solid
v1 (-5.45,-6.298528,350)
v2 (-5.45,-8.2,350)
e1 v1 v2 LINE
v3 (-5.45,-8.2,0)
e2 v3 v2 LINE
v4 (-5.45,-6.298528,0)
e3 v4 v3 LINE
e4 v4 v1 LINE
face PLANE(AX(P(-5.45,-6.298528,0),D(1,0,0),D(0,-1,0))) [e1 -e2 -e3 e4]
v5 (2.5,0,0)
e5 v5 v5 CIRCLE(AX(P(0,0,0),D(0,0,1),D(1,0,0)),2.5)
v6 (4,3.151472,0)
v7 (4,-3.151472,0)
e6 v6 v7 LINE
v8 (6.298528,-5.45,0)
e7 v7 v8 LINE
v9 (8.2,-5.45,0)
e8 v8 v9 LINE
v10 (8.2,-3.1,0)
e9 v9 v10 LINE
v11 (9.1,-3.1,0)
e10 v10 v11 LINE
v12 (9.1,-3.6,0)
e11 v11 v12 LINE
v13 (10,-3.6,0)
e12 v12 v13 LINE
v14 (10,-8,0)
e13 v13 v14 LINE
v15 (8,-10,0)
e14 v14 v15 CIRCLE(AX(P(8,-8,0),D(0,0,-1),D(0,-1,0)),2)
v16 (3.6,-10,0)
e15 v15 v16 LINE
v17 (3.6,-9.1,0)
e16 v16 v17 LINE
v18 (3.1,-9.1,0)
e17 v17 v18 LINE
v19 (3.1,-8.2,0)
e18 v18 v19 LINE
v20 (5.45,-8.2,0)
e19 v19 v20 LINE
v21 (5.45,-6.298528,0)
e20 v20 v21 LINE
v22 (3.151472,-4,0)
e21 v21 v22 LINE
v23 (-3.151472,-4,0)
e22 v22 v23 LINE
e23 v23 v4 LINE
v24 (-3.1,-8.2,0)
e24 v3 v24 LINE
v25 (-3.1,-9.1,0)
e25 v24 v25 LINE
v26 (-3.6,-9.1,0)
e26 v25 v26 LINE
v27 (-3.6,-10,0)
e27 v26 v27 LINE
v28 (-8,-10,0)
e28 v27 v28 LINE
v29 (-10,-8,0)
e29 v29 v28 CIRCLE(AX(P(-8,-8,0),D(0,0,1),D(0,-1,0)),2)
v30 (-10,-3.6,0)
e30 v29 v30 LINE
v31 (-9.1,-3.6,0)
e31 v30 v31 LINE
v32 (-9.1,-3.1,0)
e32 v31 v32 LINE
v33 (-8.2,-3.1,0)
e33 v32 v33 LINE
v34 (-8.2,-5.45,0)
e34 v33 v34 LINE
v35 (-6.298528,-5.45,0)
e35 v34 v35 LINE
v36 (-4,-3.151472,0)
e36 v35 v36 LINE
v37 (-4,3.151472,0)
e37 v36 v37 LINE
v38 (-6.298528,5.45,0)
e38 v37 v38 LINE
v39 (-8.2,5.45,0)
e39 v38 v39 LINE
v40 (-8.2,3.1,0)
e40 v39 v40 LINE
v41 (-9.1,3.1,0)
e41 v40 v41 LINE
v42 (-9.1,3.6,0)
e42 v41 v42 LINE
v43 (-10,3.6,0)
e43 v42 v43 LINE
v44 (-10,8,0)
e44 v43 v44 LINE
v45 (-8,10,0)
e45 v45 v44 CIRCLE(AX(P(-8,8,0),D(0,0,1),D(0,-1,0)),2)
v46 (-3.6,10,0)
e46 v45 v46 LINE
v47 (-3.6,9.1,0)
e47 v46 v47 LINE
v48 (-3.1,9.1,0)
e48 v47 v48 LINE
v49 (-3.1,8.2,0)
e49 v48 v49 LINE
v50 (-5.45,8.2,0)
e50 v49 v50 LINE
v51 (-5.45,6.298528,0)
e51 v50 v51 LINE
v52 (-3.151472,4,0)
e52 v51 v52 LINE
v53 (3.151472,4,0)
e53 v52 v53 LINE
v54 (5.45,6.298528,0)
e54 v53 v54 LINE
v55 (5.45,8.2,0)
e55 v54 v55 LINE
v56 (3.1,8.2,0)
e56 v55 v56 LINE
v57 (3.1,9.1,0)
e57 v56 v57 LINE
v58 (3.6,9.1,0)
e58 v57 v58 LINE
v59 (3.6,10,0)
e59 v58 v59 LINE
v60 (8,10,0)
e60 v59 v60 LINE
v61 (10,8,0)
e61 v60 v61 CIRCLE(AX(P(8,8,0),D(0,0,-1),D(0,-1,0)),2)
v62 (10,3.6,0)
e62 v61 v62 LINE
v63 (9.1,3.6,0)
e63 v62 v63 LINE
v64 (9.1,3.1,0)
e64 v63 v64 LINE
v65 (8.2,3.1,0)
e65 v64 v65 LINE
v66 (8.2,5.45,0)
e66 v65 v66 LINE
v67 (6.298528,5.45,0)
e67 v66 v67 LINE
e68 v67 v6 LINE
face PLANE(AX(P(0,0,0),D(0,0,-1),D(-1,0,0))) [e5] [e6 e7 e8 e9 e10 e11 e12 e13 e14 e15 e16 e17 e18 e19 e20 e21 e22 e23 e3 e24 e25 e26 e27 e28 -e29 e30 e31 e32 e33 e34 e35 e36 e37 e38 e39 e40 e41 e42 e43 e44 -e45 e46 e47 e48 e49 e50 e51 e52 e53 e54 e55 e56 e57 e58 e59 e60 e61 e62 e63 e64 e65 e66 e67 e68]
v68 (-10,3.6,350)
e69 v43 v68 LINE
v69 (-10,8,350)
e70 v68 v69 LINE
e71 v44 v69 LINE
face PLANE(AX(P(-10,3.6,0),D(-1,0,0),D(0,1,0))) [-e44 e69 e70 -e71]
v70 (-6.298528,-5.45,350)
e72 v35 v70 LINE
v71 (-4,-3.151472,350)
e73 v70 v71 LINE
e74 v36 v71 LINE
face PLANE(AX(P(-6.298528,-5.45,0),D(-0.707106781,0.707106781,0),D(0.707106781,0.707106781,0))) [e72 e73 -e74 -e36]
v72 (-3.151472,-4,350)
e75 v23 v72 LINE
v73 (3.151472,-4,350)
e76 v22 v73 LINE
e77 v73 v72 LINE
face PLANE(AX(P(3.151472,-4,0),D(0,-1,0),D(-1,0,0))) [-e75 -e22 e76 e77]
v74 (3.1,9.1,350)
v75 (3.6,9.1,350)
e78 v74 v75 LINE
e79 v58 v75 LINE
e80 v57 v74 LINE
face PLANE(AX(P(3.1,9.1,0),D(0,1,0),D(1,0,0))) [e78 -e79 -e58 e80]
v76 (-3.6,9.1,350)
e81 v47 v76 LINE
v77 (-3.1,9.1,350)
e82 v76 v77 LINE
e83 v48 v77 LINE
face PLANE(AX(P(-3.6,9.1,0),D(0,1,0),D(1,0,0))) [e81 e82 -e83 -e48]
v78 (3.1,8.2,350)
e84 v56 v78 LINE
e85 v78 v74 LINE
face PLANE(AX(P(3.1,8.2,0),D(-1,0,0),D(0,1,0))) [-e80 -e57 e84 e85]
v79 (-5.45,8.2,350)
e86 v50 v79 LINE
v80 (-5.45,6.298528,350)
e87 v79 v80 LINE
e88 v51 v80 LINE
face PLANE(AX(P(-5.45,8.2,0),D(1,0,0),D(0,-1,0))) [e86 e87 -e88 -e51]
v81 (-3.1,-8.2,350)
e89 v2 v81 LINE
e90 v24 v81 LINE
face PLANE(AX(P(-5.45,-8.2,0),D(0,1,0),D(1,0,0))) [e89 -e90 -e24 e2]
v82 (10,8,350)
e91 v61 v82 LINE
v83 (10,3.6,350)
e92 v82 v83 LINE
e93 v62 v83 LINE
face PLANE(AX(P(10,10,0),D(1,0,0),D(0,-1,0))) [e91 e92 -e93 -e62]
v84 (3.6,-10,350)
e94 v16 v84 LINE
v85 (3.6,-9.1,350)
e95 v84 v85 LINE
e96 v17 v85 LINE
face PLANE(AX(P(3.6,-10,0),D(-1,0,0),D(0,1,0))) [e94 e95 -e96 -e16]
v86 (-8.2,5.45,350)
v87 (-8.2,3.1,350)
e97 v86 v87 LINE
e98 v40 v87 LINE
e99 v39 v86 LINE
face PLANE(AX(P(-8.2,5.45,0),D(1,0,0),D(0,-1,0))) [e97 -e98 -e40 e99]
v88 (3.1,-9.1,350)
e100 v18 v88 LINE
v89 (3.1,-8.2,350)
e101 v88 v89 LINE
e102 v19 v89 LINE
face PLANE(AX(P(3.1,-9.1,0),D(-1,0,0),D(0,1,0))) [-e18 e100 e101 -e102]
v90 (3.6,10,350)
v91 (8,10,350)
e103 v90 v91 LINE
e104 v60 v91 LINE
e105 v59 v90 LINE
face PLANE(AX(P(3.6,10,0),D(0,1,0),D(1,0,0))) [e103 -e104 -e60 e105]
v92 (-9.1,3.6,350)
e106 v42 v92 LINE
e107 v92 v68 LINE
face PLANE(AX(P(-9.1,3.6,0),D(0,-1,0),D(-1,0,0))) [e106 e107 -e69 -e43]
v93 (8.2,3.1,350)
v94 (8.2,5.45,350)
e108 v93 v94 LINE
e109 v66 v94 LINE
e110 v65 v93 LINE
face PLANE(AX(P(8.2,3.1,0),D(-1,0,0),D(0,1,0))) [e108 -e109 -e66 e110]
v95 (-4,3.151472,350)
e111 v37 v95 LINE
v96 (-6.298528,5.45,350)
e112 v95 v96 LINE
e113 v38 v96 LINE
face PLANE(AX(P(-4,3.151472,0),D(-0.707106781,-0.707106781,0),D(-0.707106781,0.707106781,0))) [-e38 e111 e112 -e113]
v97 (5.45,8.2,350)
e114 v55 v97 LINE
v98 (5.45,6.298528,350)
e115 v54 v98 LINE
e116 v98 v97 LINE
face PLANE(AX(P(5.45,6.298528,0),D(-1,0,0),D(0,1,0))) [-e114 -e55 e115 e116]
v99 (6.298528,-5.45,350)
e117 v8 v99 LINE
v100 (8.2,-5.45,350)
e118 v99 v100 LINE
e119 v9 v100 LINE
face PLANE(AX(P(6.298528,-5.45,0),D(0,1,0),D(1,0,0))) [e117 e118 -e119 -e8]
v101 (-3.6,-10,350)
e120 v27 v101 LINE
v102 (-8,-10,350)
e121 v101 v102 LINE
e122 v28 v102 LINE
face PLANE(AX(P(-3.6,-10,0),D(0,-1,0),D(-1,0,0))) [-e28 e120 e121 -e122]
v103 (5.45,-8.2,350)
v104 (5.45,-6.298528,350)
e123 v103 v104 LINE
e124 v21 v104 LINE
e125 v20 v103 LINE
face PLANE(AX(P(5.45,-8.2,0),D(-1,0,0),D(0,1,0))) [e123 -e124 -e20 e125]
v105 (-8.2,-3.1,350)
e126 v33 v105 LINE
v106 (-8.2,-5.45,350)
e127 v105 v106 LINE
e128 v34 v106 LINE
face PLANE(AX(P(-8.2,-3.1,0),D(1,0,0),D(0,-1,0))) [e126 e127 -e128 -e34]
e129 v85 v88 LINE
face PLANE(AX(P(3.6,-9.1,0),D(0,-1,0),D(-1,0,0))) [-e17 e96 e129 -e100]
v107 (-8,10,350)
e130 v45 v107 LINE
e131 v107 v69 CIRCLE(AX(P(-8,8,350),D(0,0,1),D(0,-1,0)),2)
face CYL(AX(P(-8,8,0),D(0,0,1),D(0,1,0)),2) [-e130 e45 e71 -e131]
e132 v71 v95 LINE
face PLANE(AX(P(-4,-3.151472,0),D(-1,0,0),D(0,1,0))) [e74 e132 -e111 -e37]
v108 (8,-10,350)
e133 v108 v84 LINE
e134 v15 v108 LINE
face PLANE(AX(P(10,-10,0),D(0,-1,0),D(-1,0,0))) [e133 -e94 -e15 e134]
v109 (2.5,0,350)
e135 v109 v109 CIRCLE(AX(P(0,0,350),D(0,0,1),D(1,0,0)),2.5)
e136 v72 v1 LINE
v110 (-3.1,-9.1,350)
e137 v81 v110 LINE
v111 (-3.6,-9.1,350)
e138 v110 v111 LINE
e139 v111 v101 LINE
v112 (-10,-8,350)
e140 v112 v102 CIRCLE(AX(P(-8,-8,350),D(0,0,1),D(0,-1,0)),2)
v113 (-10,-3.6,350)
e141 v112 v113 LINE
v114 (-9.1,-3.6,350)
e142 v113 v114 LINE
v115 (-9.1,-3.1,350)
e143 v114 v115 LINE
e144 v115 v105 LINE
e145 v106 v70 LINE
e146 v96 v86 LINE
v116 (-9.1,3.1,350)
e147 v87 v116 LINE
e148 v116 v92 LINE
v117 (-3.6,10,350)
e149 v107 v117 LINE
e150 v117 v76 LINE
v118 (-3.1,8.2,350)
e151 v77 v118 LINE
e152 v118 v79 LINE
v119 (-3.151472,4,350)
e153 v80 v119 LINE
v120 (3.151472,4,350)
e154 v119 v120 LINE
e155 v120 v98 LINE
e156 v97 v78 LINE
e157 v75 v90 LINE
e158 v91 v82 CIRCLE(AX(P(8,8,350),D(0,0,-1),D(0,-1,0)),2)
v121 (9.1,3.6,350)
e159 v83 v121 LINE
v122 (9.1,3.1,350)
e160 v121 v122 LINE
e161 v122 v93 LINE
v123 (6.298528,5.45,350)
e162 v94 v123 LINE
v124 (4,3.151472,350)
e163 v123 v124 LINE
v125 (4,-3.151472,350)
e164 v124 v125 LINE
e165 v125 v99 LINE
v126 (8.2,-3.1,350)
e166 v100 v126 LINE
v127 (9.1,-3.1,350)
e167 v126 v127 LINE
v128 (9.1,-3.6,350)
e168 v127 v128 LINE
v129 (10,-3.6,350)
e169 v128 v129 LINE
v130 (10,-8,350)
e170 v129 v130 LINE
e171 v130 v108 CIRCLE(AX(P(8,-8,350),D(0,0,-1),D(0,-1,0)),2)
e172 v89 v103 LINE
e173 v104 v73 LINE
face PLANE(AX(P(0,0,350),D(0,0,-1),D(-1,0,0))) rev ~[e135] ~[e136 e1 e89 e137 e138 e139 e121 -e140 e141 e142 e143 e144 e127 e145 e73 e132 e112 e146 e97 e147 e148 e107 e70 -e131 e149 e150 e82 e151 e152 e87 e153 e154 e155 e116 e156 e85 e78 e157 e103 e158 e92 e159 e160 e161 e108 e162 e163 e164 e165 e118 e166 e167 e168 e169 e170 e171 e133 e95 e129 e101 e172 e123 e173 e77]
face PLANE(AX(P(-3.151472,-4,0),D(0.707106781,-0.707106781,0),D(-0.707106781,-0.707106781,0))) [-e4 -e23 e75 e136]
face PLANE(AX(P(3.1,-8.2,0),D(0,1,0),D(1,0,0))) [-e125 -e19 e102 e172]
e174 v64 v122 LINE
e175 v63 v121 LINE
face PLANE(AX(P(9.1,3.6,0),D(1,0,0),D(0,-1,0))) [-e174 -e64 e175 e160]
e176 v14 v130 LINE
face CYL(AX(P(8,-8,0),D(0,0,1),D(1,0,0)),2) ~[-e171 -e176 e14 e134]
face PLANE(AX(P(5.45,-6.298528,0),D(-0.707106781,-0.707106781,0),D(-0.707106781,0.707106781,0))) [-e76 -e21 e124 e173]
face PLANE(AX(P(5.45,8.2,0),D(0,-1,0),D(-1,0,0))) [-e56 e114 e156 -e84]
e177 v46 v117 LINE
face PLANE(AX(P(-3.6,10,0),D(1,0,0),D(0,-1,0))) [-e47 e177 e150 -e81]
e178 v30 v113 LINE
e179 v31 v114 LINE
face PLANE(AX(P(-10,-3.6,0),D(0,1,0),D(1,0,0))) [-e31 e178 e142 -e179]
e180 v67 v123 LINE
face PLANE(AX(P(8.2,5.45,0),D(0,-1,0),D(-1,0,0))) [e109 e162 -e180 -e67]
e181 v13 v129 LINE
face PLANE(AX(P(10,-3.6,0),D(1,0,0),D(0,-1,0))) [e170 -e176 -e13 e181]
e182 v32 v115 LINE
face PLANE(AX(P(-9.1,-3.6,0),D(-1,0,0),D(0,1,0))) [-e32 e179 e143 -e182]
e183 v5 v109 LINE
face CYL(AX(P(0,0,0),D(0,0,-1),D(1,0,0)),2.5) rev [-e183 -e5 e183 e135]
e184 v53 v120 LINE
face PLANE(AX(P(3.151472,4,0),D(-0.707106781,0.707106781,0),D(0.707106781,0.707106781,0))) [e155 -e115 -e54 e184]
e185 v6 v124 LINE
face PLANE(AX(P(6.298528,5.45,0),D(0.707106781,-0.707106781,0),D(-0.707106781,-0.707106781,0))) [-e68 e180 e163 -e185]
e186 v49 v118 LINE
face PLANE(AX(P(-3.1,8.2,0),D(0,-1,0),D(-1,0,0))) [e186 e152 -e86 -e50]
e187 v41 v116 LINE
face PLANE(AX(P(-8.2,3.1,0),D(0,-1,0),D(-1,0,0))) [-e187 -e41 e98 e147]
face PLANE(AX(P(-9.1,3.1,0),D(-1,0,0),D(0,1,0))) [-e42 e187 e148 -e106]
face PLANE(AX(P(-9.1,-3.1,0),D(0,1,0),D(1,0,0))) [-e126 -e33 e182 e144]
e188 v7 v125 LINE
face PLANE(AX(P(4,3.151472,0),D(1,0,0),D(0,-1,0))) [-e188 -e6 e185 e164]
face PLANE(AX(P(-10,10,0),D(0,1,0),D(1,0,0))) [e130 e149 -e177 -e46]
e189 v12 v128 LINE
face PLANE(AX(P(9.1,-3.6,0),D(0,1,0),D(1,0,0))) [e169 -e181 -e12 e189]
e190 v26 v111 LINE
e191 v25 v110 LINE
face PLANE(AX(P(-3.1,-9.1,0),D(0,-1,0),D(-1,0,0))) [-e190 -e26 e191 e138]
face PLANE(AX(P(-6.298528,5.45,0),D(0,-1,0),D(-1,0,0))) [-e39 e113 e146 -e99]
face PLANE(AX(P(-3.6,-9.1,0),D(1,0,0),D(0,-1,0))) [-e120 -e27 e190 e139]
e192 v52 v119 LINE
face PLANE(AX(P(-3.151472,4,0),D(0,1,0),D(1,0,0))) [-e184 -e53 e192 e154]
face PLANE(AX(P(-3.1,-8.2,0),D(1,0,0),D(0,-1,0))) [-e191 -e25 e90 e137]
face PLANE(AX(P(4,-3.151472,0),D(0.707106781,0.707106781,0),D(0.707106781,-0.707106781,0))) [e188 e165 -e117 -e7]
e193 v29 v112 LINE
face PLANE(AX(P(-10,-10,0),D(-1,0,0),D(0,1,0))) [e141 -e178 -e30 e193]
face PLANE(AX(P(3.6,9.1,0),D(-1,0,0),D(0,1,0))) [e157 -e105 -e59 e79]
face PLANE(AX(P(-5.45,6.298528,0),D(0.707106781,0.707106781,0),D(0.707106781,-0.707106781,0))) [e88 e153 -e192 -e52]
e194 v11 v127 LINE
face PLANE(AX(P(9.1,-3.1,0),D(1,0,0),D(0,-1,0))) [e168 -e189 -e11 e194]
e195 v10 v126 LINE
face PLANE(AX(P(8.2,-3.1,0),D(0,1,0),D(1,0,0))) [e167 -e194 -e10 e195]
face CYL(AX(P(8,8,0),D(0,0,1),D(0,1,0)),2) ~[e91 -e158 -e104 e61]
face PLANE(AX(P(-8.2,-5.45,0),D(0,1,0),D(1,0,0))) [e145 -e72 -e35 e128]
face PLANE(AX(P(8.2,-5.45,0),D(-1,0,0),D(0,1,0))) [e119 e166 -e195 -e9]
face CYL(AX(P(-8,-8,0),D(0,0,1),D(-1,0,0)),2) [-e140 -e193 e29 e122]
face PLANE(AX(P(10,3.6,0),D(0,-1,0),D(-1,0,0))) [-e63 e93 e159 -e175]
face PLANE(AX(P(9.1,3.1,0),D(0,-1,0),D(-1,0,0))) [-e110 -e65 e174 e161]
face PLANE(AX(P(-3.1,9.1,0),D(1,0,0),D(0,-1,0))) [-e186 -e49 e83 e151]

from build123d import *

# Parameters (mm, degrees)
SKETCH_1_R      = 2.5
EXTRUDE_1_DEPTH = 350
FILLET_1_R      = 2


with BuildPart() as part:
    # 草图1 → 凸台-拉伸1 (new body)
    with BuildSketch(Plane.XY):
        Polygon((-3.151471863, 4), (3.151471863, 4), (5.45, 6.298528137), (5.45, 8.2), (3.1, 8.2), (3.1, 9.1), (3.6, 9.1), (3.6, 10), (10, 10), (10, 3.6), (9.1, 3.6), (9.1, 3.1), (8.2, 3.1), (8.2, 5.45), (6.298528137, 5.45), (4, 3.151471863), (4, -3.151471863), (6.298528137, -5.45), (8.2, -5.45), (8.2, -3.1), (9.1, -3.1), (9.1, -3.6), (10, -3.6), (10, -10), (3.6, -10), (3.6, -9.1), (3.1, -9.1), (3.1, -8.2), (5.45, -8.2), (5.45, -6.298528137), (3.151471863, -4), (-3.151471863, -4), (-5.45, -6.298528137), (-5.45, -8.2), (-3.1, -8.2), (-3.1, -9.1), (-3.6, -9.1), (-3.6, -10), (-10, -10), (-10, -3.6), (-9.1, -3.6), (-9.1, -3.1), (-8.2, -3.1), (-8.2, -5.45), (-6.298528137, -5.45), (-4, -3.151471863), (-4, 3.151471863), (-6.298528137, 5.45), (-8.2, 5.45), (-8.2, 3.1), (-9.1, 3.1), (-9.1, 3.6), (-10, 3.6), (-10, 10), (-3.6, 10), (-3.6, 9.1), (-3.1, 9.1), (-3.1, 8.2), (-5.45, 8.2), (-5.45, 6.298528137), align=None)
        Circle(SKETCH_1_R, mode=Mode.SUBTRACT)
    extrude(amount=EXTRUDE_1_DEPTH)

    # 圆角1
    fillet_1_edges = [part.edges().sort_by_distance(p)[0] for p in [
        (10, -10, 175),
        (-10, -10, 175),
        (-10, 10, 175),
        (10, 10, 175),
    ]]
    fillet(fillet_1_edges, radius=FILLET_1_R)


solid = part.part
